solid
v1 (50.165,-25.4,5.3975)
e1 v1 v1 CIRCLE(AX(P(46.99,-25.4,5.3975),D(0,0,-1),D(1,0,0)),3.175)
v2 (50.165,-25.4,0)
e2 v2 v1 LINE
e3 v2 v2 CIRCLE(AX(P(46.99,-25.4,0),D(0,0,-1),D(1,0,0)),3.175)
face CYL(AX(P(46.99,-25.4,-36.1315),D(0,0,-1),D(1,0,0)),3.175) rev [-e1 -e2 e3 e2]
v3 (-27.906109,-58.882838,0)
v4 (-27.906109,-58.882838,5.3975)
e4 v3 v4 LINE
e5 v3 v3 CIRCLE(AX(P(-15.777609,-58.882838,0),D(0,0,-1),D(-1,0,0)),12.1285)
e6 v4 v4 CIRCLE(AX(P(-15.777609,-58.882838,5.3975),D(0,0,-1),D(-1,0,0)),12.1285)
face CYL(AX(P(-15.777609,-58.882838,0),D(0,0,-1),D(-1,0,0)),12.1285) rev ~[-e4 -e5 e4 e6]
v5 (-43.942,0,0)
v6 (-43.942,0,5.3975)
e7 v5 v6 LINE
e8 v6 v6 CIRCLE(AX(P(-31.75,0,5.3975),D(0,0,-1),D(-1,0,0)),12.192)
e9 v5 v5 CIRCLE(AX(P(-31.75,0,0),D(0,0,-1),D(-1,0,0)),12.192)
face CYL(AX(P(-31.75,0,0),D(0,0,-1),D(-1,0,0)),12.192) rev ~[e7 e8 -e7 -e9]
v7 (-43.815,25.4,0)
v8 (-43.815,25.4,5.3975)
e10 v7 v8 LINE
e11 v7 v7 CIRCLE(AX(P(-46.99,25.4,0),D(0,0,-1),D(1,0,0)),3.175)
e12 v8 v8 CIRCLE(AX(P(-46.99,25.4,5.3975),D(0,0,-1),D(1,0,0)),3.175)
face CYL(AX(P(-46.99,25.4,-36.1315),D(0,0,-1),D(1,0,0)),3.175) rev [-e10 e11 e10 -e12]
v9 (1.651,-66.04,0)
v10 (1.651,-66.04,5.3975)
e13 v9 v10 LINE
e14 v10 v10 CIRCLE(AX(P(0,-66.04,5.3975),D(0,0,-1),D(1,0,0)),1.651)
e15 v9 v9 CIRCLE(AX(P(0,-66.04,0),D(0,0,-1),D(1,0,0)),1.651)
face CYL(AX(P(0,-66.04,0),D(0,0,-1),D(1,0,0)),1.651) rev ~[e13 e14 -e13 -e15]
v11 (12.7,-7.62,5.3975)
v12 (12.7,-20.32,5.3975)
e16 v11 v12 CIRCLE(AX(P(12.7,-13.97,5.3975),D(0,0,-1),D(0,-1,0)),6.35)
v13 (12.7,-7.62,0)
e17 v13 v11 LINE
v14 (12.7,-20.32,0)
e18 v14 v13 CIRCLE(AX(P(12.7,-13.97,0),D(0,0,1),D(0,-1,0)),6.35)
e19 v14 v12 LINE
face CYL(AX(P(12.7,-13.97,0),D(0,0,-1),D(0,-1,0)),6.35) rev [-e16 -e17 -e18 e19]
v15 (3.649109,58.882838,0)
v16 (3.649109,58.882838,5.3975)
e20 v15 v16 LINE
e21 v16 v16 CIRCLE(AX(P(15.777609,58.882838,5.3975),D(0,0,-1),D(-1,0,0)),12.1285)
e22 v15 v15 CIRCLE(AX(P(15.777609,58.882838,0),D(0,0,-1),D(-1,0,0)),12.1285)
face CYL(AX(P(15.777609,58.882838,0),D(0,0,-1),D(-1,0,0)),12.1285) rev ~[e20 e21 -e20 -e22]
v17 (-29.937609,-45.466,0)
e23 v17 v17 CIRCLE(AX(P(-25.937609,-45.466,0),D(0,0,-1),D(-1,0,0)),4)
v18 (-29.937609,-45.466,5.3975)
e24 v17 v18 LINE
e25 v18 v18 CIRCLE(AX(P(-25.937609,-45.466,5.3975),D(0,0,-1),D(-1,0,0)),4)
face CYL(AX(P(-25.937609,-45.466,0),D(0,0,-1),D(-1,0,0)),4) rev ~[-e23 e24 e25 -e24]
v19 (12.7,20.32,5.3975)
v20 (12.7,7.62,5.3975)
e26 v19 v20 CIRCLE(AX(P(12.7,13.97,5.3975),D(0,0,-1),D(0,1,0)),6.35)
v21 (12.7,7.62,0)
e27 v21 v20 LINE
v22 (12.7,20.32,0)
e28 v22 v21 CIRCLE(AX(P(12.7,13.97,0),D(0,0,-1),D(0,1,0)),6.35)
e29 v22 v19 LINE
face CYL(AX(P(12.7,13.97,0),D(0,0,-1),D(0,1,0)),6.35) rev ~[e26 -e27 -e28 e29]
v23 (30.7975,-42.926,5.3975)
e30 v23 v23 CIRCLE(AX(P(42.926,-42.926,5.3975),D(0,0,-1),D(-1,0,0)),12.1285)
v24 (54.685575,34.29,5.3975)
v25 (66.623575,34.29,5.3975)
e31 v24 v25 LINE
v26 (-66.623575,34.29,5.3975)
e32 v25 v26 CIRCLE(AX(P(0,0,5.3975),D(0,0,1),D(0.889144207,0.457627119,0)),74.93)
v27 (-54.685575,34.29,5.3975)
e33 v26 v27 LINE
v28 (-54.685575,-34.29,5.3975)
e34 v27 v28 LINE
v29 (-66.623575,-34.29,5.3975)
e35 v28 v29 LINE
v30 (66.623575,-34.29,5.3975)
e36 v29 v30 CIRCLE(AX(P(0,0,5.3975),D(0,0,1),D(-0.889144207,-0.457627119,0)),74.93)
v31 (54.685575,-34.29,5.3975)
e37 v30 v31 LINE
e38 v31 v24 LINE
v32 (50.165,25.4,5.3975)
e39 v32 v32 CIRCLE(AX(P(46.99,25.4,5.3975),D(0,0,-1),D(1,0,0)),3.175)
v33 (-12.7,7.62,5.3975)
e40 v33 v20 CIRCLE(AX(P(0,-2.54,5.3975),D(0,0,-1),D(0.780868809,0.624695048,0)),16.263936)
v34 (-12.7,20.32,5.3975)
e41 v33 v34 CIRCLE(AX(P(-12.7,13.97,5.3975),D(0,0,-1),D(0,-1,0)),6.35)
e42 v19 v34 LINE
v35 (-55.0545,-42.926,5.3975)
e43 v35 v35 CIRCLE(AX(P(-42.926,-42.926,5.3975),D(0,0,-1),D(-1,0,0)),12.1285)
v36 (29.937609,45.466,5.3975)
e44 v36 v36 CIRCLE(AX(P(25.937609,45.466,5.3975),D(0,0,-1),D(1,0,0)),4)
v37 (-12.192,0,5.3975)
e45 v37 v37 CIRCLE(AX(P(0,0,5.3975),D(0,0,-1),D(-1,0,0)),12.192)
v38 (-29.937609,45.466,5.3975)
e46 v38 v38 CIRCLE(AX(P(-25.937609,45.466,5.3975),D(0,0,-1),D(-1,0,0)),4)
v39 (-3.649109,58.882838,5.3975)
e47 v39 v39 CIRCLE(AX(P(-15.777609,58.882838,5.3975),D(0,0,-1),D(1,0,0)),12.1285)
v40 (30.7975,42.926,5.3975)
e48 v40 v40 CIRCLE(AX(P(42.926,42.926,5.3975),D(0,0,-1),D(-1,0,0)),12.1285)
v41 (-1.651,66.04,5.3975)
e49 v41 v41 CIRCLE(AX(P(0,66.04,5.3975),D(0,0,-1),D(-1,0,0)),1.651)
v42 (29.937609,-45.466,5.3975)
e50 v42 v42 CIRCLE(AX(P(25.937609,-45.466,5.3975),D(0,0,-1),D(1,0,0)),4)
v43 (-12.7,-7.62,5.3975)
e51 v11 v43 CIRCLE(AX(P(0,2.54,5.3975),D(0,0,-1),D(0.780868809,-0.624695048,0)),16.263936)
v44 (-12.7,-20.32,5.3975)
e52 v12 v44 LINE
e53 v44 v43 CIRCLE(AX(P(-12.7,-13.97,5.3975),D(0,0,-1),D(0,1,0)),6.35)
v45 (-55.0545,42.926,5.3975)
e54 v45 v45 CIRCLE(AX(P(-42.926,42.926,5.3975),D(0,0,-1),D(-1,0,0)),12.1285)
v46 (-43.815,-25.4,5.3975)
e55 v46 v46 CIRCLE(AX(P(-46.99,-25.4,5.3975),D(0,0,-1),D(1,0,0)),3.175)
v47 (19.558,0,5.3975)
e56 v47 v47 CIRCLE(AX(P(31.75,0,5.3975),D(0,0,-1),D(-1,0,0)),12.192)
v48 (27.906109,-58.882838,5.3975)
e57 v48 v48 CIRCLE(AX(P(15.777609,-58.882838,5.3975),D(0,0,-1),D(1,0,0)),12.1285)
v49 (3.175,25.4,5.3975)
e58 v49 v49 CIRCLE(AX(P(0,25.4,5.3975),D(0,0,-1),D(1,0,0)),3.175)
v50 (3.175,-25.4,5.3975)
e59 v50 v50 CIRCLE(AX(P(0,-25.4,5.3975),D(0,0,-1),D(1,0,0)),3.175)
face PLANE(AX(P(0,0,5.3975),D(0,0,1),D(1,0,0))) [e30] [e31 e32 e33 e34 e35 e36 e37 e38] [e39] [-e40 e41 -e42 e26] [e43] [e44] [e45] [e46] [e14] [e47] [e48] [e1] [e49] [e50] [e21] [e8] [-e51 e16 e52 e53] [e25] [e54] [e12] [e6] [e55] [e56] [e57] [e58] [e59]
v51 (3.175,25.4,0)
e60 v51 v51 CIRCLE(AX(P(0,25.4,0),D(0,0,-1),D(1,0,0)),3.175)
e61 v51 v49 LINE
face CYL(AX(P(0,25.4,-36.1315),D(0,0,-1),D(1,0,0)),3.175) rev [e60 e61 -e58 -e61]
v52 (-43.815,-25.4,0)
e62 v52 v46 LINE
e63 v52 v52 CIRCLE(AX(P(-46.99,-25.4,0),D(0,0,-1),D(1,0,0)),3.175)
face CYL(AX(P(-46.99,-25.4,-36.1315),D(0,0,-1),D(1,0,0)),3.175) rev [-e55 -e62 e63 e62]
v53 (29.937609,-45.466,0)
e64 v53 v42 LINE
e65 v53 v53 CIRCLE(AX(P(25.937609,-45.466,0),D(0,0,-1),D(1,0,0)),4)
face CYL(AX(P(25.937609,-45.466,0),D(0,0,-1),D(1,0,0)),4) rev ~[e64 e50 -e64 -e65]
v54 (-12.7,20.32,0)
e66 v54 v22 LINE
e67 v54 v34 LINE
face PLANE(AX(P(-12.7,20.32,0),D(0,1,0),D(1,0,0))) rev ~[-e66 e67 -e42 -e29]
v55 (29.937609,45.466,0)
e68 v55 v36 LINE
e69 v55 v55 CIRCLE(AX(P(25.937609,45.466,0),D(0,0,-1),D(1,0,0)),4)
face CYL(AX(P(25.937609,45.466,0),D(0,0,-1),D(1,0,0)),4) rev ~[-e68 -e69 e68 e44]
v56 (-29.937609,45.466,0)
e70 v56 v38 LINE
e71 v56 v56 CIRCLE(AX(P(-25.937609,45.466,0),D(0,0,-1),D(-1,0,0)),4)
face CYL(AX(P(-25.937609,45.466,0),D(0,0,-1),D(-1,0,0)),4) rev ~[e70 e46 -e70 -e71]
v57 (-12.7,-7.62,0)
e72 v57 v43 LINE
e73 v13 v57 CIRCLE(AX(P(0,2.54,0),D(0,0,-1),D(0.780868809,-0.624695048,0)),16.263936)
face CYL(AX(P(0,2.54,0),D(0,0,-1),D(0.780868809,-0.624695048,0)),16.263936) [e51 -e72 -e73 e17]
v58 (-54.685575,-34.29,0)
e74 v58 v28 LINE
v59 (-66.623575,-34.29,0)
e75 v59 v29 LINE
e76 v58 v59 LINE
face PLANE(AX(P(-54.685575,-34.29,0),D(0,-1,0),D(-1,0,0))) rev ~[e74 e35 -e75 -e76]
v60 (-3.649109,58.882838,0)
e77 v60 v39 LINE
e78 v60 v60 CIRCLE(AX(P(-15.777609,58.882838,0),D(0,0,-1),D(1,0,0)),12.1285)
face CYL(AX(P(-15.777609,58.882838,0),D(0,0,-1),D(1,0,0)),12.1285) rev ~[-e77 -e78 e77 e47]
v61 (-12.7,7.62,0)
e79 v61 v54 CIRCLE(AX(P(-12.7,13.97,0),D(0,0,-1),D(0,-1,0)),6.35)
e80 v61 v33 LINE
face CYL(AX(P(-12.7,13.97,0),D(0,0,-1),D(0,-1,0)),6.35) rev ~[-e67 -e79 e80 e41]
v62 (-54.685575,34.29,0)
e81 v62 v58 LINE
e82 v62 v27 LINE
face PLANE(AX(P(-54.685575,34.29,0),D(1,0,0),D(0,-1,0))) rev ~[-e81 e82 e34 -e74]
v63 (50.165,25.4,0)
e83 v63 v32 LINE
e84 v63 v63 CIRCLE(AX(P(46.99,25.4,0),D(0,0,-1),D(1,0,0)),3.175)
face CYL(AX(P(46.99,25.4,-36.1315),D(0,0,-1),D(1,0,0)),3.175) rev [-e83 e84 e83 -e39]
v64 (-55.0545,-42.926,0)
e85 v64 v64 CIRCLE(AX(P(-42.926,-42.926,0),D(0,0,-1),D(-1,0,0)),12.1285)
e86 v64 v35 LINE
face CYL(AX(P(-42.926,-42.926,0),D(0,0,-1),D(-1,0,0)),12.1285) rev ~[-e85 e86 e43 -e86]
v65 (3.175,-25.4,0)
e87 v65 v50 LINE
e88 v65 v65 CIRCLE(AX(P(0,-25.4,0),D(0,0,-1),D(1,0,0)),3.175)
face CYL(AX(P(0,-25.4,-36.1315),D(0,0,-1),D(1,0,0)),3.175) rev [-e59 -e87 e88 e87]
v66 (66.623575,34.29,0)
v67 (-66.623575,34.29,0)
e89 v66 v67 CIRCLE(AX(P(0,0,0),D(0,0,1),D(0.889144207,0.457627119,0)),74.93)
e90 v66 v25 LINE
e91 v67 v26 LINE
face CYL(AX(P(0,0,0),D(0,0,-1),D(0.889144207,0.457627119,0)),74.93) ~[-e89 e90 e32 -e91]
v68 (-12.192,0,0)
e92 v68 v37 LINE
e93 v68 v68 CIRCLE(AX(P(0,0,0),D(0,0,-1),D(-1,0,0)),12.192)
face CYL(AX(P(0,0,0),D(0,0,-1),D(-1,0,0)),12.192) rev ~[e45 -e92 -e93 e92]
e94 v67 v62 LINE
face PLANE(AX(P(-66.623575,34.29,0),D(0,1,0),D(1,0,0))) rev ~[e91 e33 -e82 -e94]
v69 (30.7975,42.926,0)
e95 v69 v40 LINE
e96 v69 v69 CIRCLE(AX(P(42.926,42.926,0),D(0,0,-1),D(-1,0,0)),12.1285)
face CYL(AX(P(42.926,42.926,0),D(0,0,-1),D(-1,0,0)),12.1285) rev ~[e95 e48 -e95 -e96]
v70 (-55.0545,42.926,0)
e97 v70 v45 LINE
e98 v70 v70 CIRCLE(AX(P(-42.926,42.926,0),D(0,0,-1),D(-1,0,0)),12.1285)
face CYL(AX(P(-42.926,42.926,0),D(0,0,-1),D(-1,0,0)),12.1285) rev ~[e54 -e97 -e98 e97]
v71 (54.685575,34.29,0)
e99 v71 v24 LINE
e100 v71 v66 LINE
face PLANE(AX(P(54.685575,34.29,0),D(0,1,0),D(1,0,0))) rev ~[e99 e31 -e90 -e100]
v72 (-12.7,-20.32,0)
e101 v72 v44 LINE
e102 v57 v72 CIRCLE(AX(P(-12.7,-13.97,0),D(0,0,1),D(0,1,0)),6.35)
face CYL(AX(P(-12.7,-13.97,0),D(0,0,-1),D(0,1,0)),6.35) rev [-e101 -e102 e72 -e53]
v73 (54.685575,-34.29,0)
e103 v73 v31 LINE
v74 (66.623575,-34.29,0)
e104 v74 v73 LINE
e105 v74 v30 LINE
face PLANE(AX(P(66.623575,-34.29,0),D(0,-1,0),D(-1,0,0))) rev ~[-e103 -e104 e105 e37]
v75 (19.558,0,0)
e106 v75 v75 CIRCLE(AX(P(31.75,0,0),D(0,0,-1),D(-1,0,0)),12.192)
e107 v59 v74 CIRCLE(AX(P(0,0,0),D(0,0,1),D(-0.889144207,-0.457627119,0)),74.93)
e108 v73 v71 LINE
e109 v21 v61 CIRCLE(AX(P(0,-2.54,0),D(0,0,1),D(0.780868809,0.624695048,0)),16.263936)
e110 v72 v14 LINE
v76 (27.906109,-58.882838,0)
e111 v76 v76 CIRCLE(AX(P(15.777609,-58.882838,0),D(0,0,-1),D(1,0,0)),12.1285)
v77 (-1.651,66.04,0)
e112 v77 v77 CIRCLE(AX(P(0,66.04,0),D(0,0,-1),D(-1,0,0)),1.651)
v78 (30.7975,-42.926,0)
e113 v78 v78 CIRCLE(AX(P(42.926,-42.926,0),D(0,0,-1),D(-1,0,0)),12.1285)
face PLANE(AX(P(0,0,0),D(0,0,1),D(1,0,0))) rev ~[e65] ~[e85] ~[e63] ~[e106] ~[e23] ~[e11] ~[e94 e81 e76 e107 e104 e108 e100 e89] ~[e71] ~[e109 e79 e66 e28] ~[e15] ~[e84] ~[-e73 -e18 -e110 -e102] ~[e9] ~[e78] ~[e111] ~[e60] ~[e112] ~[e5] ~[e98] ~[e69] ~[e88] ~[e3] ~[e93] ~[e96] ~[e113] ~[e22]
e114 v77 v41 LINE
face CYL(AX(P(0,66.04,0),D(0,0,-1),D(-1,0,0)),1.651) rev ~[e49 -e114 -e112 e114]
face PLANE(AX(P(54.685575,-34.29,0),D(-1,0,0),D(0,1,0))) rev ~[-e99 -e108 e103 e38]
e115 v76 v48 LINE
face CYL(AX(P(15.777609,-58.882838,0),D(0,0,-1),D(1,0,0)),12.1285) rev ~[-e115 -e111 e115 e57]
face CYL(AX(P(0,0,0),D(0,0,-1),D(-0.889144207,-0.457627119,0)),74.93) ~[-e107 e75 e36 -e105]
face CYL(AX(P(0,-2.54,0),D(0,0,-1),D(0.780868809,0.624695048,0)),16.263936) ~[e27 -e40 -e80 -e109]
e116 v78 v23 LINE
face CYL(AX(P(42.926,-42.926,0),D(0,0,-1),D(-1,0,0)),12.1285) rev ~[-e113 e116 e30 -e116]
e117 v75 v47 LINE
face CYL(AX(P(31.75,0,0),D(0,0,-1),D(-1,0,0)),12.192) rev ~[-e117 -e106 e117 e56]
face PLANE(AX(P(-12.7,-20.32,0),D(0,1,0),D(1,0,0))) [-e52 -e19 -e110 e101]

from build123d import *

# Parameters (mm, degrees)
SKETCH1_R                = 1.651
BOSS_EXTRUDE2_DEPTH      = 5.3975
SKETCH4_W                = 37.082318314
SKETCH4_H                = 34.047903563
SKETCH4_W_2              = 37.024578492
SKETCH4_H_2              = 32.488734362
BOSS_EXTRUDE3_DEPTH      = 5.3975
SKETCH3_R                = 12.192
SKETCH3_R_2              = 12.1285
CUT_EXTRUDE2_DEPTH       = 101.410849545
SKETCH12_R               = 4
CUT_EXTRUDE10_DEPTH      = 83.312
SKETCH15_R               = 1.651
CUT_EXTRUDE17_DEPTH      = 83.312
SKETCH35_R               = 3.175
CUT_EXTRUDE37_DEPTH      = 103.378
CUT_EXTRUDE37_DEPTH_BACK = 48.768
SKETCH40_R               = 12.192
CUT_EXTRUDE43_DEPTH      = 25.4


with BuildPart() as part:
    # Sketch1 → Boss-Extrude2 (new body)
    with BuildSketch(Plane.XY):
        with BuildLine():
            Line((-66.623575407, 34.29), (-54.685575407, 34.29))
            Line((-54.685575407, 34.29), (-54.685575407, -34.29))
            Line((-54.685575407, -34.29), (-66.623575407, -34.29))
            ThreePointArc((-66.623575407, -34.29), (0, -74.93), (66.623575407, -34.29))
            Line((66.623575407, -34.29), (54.685575407, -34.29))
            Line((54.685575407, -34.29), (54.685575407, 34.29))
            Line((54.685575407, 34.29), (66.623575407, 34.29))
            ThreePointArc((66.623575407, 34.29), (0, 74.93), (-66.623575407, 34.29))
        make_face()
        with Locations((-45.466, 11.049)):
            Circle(SKETCH1_R, mode=Mode.SUBTRACT)
        with Locations((-20.067270032, 10.795)):
            Circle(SKETCH1_R, mode=Mode.SUBTRACT)
        with Locations(Location((-20.067270032, -10.795, 0), (0, 0, 180))):
            Circle(SKETCH1_R, mode=Mode.SUBTRACT)
        with Locations(Location((-45.466, -11.049, 0), (0, 0, 180))):
            Circle(SKETCH1_R, mode=Mode.SUBTRACT)
        with Locations((45.466, -11.049)):
            Circle(SKETCH1_R, mode=Mode.SUBTRACT)
        with Locations((20.067270032, -10.795)):
            Circle(SKETCH1_R, mode=Mode.SUBTRACT)
        with Locations(Location((20.067270032, 10.795, 0), (0, 0, 180))):
            Circle(SKETCH1_R, mode=Mode.SUBTRACT)
        with Locations(Location((45.466, 11.049, 0), (0, 0, 180))):
            Circle(SKETCH1_R, mode=Mode.SUBTRACT)
    extrude(amount=BOSS_EXTRUDE2_DEPTH)

    # Sketch4 → Boss-Extrude3 (add)
    with BuildSketch(Plane(origin=(0, 0, 0), x_dir=(-1, 0, 0), z_dir=(0, 0, -1))):
        with Locations((32.991199211, -1.421154886)):
            Rectangle(SKETCH4_W, SKETCH4_H)
        with Locations((-34.085074962, -0.641570285)):
            Rectangle(SKETCH4_W_2, SKETCH4_H_2)
    extrude(amount=-BOSS_EXTRUDE3_DEPTH)

    # Sketch3 → Cut-Extrude2 (cut, through all)
    with BuildSketch(Plane(origin=(0, 0, 0), x_dir=(-1, 0, 0), z_dir=(0, 0, -1))):
        Circle(SKETCH3_R)
        with Locations((-42.926, -42.926)):
            Circle(SKETCH3_R_2)
        with Locations((15.777608989, -58.882838371)):
            Circle(SKETCH3_R_2)
        with Locations(Location((15.777608989, 58.882838371, 0), (0, 0, 180))):
            Circle(SKETCH3_R_2)
        with Locations((-42.926, 42.926)):
            Circle(SKETCH3_R_2)
        with Locations((42.926, 42.926)):
            Circle(SKETCH3_R_2)
        with Locations((-15.777608989, 58.882838371)):
            Circle(SKETCH3_R_2)
        with Locations(Location((-15.777608989, -58.882838371, 0), (0, 0, 180))):
            Circle(SKETCH3_R_2)
        with Locations((42.926, -42.926)):
            Circle(SKETCH3_R_2)
    extrude(amount=-CUT_EXTRUDE2_DEPTH, mode=Mode.SUBTRACT)

    # Sketch12 → Cut-Extrude10 (cut)
    with BuildSketch(Plane(origin=(0, 0, 0), x_dir=(-1, 0, 0), z_dir=(0, 0, -1))):
        with Locations((25.937608989, 45.466)):
            Circle(SKETCH12_R)
        with Locations((25.937608989, -45.466)):
            Circle(SKETCH12_R)
        with Locations(Location((-25.937608989, 45.466, 0), (0, 0, 180))):
            Circle(SKETCH12_R)
        with Locations(Location((-25.937608989, -45.466, 0), (0, 0, 180))):
            Circle(SKETCH12_R)
    extrude(amount=-CUT_EXTRUDE10_DEPTH, mode=Mode.SUBTRACT)

    # Sketch15 → Cut-Extrude17 (cut)
    with BuildSketch(Plane(origin=(0, 0, 0), x_dir=(-1, 0, 0), z_dir=(0, 0, -1))):
        with Locations((0, 66.04)):
            Circle(SKETCH15_R)
        with Locations(Location((0, -66.04, 0), (0, 0, 180))):
            Circle(SKETCH15_R)
    extrude(amount=-CUT_EXTRUDE17_DEPTH, mode=Mode.SUBTRACT)

    # Sketch35 → Cut-Extrude37 (cut, two sides)
    with BuildSketch(Plane(origin=(-30.092005081, 4.08352975, -36.1315), x_dir=(1, 0, 0), z_dir=(0, 0, 1))) as cut_extrude37_sk:
        with Locations((-16.897994919, 21.31647025)):
            Circle(SKETCH35_R)
        with Locations((77.082005081, 21.31647025)):
            Circle(SKETCH35_R)
        with Locations((30.092005081, 21.31647025)):
            Circle(SKETCH35_R)
        with Locations((77.082005081, -29.48352975)):
            Circle(SKETCH35_R)
        with Locations((30.092005081, -29.48352975)):
            Circle(SKETCH35_R)
        with Locations((-16.897994919, -29.48352975)):
            Circle(SKETCH35_R)
    extrude(amount=CUT_EXTRUDE37_DEPTH, mode=Mode.SUBTRACT)
    extrude(cut_extrude37_sk.sketch, amount=-CUT_EXTRUDE37_DEPTH_BACK, mode=Mode.SUBTRACT)

    # Sketch40 → Cut-Extrude43 (cut)
    with BuildSketch(Plane(origin=(0, 0, 0), x_dir=(-1, 0, 0), z_dir=(0, 0, -1))):
        with Locations((-31.75, 0)):
            Circle(SKETCH40_R)
        with Locations((31.75, 0)):
            Circle(SKETCH40_R)
        with BuildLine():
            Line((12.7, -20.32), (-12.7, -20.32))
            ThreePointArc((-12.7, -20.32), (-19.05, -13.97), (-12.7, -7.62))
            ThreePointArc((-12.7, -7.62), (0, -13.723935563), (12.7, -7.62))
            ThreePointArc((12.7, -7.62), (19.05, -13.97), (12.7, -20.32))
        make_face()
        with BuildLine():
            Line((12.7, 20.32), (-12.7, 20.32))
            ThreePointArc((-12.7, 20.32), (-19.05, 13.97), (-12.7, 7.62))
            ThreePointArc((-12.7, 7.62), (0, 13.723935563), (12.7, 7.62))
            ThreePointArc((12.7, 7.62), (19.05, 13.97), (12.7, 20.32))
        make_face()
    extrude(amount=-CUT_EXTRUDE43_DEPTH, mode=Mode.SUBTRACT)


solid = part.part
